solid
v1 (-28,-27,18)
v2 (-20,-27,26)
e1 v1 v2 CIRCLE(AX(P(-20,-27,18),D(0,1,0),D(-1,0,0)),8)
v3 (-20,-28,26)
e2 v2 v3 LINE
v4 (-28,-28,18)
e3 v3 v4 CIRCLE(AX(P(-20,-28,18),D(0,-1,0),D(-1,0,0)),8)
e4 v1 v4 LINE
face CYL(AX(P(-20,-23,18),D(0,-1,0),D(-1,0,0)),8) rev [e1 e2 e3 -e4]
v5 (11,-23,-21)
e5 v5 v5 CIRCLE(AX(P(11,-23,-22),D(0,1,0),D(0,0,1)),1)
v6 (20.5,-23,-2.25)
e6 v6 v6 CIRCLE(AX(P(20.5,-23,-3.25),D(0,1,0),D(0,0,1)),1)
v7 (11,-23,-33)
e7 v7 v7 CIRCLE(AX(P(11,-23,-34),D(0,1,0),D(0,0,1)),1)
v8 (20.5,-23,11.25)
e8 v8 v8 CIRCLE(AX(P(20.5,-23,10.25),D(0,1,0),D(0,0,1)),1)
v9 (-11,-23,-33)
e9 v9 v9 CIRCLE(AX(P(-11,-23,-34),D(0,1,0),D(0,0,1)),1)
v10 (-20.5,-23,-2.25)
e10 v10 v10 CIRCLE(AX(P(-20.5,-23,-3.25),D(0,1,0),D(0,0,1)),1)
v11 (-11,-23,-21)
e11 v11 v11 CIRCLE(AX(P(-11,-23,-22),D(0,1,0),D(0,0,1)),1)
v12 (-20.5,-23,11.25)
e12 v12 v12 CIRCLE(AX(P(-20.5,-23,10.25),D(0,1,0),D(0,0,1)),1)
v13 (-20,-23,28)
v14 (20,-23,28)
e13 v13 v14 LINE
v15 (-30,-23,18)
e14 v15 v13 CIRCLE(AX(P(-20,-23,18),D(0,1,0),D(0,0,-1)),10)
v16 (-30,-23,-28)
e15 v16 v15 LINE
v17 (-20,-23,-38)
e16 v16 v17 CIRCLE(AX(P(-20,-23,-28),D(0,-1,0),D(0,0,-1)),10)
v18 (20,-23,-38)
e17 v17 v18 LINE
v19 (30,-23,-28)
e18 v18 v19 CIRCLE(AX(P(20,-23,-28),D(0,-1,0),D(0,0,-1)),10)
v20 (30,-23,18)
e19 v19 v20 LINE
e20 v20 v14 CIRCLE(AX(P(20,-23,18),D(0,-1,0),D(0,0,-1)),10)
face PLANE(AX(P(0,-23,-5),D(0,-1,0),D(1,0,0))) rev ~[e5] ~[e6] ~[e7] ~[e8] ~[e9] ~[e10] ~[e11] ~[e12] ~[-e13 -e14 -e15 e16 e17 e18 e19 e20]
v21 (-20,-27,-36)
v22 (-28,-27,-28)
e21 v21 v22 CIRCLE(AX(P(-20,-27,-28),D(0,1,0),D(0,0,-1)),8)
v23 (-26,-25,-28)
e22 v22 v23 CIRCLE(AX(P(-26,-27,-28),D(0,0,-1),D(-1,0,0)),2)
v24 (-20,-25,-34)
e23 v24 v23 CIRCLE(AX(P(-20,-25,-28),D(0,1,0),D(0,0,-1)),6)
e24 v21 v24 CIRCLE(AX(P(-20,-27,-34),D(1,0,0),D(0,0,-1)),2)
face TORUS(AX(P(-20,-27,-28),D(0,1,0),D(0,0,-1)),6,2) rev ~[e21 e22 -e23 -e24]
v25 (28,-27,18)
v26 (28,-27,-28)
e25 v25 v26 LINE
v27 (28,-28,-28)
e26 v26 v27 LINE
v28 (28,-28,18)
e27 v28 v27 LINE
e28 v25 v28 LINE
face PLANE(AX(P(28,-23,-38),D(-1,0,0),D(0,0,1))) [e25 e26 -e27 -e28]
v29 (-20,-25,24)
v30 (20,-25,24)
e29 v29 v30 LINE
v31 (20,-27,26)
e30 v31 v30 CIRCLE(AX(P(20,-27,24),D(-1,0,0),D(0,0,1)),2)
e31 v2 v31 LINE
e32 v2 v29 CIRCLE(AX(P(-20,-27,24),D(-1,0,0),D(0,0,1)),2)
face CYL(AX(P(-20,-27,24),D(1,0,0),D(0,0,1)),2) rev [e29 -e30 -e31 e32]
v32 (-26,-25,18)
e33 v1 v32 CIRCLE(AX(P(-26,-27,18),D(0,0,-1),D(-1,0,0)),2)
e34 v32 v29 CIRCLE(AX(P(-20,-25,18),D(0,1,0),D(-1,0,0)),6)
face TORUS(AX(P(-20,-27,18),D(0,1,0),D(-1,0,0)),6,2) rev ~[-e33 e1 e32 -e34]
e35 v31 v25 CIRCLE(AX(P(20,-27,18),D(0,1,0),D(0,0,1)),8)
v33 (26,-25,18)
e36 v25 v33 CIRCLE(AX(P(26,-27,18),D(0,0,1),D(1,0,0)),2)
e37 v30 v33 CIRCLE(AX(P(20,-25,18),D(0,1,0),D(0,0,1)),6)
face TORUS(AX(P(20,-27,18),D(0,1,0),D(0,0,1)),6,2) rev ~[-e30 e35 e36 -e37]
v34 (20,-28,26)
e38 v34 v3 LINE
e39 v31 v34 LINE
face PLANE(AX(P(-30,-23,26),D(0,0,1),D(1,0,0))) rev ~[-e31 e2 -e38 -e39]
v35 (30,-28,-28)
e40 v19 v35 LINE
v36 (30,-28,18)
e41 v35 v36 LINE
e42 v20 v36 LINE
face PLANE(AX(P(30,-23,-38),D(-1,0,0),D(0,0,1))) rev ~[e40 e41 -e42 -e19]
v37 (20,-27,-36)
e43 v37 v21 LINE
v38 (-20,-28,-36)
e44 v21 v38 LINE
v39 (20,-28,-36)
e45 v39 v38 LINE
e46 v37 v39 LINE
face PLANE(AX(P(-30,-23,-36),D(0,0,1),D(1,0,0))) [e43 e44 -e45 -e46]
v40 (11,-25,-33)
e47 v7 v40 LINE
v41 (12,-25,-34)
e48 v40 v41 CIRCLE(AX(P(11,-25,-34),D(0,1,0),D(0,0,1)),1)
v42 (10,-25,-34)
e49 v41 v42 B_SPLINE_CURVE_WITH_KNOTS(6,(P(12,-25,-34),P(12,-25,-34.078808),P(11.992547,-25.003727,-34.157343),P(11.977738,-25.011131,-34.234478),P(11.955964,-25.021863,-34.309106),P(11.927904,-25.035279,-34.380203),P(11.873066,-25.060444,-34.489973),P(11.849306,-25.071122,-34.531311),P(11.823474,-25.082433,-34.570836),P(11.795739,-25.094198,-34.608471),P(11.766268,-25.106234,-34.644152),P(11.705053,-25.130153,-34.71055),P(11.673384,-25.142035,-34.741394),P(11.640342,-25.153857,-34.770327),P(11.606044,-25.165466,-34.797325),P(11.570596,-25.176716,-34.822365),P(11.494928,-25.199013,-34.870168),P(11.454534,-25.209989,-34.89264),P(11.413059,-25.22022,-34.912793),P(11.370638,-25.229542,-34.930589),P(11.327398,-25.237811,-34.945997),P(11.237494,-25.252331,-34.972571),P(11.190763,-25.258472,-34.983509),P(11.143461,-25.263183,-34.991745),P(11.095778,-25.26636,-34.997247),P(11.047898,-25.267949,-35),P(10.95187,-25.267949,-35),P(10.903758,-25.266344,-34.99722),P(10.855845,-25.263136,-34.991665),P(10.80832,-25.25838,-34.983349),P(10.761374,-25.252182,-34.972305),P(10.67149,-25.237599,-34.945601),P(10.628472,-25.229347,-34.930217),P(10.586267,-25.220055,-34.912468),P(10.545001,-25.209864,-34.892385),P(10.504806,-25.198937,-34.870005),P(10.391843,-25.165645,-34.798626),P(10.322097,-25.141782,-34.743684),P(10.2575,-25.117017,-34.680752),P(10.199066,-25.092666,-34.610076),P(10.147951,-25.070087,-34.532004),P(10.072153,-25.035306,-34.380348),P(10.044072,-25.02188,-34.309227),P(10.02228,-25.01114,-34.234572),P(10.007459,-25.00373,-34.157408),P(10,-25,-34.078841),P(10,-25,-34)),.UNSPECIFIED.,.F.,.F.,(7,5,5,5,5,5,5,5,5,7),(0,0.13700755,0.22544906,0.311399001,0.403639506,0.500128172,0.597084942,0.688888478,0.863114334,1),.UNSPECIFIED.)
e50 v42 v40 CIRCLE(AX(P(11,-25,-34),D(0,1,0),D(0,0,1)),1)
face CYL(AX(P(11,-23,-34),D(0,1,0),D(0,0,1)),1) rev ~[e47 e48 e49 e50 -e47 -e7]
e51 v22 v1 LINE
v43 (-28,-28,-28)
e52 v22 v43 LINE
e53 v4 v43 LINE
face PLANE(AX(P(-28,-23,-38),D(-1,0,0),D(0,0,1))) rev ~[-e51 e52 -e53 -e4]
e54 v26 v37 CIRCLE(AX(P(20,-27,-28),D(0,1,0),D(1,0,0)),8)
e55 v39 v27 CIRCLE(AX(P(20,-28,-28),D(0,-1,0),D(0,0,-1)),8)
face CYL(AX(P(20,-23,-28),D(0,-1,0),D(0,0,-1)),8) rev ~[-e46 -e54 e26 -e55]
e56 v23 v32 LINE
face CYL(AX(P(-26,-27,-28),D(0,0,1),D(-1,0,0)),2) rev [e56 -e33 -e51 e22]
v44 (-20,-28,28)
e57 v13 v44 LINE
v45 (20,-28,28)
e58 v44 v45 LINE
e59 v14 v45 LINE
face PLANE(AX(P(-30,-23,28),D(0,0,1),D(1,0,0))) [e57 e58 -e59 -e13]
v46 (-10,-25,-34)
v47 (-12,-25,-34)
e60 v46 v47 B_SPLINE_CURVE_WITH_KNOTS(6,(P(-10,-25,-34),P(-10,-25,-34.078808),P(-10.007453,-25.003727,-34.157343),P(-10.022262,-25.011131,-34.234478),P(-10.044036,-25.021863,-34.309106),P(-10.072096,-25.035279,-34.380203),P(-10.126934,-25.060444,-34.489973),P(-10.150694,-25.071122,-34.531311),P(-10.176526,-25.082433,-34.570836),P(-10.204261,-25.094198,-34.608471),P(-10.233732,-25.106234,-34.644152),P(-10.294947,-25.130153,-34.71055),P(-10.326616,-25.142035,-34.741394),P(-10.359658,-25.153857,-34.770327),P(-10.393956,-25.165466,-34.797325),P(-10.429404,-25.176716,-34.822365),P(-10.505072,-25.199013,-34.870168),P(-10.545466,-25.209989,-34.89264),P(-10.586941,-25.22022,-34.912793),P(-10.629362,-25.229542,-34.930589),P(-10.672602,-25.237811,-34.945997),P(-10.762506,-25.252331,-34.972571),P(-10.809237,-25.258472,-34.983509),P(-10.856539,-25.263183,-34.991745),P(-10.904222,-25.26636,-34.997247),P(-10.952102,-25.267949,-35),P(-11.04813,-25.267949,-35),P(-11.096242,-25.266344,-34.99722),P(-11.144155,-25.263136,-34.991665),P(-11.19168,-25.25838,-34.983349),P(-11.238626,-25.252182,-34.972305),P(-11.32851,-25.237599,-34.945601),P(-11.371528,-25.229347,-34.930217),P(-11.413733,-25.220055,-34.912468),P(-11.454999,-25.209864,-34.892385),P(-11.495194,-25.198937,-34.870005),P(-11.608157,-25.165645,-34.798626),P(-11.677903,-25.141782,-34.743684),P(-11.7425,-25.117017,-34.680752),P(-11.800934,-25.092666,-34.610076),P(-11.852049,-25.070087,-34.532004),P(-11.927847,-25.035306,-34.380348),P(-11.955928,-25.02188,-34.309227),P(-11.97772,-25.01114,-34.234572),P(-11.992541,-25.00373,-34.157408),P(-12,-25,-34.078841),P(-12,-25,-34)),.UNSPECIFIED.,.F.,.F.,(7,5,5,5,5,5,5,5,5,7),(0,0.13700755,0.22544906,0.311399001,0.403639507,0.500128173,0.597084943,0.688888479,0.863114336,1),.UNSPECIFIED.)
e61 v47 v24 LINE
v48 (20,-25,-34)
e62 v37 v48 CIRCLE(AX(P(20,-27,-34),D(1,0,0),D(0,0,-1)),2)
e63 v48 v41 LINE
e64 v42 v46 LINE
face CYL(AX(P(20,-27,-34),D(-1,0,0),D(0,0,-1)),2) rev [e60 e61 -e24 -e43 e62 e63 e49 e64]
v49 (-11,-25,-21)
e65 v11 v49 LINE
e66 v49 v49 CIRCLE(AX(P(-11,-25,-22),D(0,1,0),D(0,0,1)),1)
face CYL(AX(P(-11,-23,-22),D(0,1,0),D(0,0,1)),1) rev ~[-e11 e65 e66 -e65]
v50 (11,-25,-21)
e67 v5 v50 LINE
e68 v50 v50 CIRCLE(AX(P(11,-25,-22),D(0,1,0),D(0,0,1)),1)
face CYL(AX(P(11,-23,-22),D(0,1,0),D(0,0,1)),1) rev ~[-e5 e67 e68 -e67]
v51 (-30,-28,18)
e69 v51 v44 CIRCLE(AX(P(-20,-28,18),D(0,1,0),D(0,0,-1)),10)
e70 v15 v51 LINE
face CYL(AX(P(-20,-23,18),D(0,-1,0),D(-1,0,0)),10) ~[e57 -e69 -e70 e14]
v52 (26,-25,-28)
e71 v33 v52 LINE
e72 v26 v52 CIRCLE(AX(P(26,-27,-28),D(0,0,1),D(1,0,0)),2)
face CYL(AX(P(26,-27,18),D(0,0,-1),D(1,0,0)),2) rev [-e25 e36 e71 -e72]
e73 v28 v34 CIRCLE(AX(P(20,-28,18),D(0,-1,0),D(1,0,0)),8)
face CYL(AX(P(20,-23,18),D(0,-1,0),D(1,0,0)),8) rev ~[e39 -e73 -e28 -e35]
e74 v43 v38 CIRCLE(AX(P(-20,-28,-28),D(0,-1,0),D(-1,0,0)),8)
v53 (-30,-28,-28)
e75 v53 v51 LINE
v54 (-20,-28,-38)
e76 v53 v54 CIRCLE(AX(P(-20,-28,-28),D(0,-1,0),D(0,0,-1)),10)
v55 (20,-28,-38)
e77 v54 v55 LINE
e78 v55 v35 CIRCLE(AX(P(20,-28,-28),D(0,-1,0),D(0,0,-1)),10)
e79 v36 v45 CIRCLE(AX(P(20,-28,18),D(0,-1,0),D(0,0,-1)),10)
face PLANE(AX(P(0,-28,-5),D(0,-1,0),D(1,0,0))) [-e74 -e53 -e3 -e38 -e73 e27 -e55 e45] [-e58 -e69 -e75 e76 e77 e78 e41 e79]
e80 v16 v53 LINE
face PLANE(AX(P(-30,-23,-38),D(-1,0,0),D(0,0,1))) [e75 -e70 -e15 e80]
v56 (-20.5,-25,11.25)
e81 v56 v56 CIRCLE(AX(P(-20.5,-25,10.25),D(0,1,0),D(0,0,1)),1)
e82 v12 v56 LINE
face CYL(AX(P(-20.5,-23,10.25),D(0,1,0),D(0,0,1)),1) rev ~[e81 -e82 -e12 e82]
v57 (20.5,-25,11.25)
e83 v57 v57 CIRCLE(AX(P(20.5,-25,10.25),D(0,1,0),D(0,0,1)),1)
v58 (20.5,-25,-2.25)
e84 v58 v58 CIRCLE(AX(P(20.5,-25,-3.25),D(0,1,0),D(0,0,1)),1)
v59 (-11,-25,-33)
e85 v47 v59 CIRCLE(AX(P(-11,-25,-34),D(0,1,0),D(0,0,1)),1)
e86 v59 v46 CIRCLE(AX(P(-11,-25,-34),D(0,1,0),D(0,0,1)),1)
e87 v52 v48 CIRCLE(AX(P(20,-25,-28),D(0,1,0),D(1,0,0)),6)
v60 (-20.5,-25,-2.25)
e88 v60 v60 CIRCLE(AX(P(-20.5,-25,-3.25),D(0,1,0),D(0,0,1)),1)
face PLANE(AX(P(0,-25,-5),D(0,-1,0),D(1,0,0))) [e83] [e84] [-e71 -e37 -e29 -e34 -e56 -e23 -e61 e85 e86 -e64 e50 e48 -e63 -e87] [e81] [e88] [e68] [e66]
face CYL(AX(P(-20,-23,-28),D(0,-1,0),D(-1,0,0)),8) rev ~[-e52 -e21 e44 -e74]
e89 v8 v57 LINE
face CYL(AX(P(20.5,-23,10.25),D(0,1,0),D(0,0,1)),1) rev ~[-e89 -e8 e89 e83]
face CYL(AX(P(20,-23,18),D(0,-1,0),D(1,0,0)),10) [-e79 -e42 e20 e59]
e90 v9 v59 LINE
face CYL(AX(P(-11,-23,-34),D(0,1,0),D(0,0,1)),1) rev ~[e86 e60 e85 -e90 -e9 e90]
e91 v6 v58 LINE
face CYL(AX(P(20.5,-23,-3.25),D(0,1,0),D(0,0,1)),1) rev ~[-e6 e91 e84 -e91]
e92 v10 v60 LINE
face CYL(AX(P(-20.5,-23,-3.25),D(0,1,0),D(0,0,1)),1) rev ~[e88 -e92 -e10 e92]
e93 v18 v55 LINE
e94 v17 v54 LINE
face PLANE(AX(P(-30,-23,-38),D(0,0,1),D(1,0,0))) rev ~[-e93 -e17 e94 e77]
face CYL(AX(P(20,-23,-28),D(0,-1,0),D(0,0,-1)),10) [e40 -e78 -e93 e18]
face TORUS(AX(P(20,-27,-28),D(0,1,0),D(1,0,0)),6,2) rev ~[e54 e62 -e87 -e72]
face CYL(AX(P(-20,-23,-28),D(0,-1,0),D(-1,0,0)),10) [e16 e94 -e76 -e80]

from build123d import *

# Parameters (mm, degrees)
SKETCH1_W           = 60
SKETCH1_H           = 66
BOSS_EXTRUDE1_DEPTH = 5
FILLET1_R           = 10
SHELL1_T            = -2
FILLET2_R           = 2
SKETCH3_R           = 1
CUT_EXTRUDE1_DEPTH  = 5


with BuildPart() as part:
    # Sketch1 → Boss-Extrude1 (new body)
    with BuildSketch(Plane.XZ.offset(23)):
        with Locations((0, -5)):
            Rectangle(SKETCH1_W, SKETCH1_H)
    extrude(amount=BOSS_EXTRUDE1_DEPTH)

    # Fillet1
    fillet1_edges = [part.edges().sort_by_distance(p)[0] for p in [
        (-30, -25.5, 28),
        (30, -25.5, 28),
        (30, -25.5, -38),
        (-30, -25.5, -38),
    ]]
    fillet(fillet1_edges, radius=FILLET1_R)

    # Shell1
    shell1_openings = [part.faces().sort_by_distance(p)[0] for p in [
        (0, -28, -5),
    ]]
    offset(amount=SHELL1_T, openings=shell1_openings, kind=Kind.INTERSECTION)

    # Fillet2
    fillet2_edges = [part.edges().sort_by_distance(p)[0] for p in [
        (-28, -25, -5),
        (0, -25, -36),
        (28, -25, -5),
        (0, -25, 26),
        (25.656854249, -25, -33.656854249),
        (-25.656854249, -25, -33.656854249),
        (-25.656854249, -25, 23.656854249),
        (25.656854249, -25, 23.656854249),
    ]]
    fillet(fillet2_edges, radius=FILLET2_R)

    # Sketch3 → Cut-Extrude1 (cut)
    with BuildSketch(Plane(origin=(0, -23, 0), x_dir=(1, 0, 0), z_dir=(0, 1, 0))):
        with Locations(Location((20.5, 3.25, 0), (0, 0, 270))):
            Circle(SKETCH3_R)
        with Locations(Location((20.5, -10.25, 0), (0, 0, 270))):
            Circle(SKETCH3_R)
        with Locations(Location((11, 34, 0), (0, 0, 270))):
            Circle(SKETCH3_R)
        with Locations(Location((11, 22, 0), (0, 0, 270))):
            Circle(SKETCH3_R)
        with Locations(Location((-11, 34, 0), (0, 0, 270))):
            Circle(SKETCH3_R)
        with Locations(Location((-11, 22, 0), (0, 0, 270))):
            Circle(SKETCH3_R)
        with Locations(Location((-20.5, 3.25, 0), (0, 0, 270))):
            Circle(SKETCH3_R)
        with Locations(Location((-20.5, -10.25, 0), (0, 0, 270))):
            Circle(SKETCH3_R)
    extrude(amount=-CUT_EXTRUDE1_DEPTH, mode=Mode.SUBTRACT)


solid = part.part
